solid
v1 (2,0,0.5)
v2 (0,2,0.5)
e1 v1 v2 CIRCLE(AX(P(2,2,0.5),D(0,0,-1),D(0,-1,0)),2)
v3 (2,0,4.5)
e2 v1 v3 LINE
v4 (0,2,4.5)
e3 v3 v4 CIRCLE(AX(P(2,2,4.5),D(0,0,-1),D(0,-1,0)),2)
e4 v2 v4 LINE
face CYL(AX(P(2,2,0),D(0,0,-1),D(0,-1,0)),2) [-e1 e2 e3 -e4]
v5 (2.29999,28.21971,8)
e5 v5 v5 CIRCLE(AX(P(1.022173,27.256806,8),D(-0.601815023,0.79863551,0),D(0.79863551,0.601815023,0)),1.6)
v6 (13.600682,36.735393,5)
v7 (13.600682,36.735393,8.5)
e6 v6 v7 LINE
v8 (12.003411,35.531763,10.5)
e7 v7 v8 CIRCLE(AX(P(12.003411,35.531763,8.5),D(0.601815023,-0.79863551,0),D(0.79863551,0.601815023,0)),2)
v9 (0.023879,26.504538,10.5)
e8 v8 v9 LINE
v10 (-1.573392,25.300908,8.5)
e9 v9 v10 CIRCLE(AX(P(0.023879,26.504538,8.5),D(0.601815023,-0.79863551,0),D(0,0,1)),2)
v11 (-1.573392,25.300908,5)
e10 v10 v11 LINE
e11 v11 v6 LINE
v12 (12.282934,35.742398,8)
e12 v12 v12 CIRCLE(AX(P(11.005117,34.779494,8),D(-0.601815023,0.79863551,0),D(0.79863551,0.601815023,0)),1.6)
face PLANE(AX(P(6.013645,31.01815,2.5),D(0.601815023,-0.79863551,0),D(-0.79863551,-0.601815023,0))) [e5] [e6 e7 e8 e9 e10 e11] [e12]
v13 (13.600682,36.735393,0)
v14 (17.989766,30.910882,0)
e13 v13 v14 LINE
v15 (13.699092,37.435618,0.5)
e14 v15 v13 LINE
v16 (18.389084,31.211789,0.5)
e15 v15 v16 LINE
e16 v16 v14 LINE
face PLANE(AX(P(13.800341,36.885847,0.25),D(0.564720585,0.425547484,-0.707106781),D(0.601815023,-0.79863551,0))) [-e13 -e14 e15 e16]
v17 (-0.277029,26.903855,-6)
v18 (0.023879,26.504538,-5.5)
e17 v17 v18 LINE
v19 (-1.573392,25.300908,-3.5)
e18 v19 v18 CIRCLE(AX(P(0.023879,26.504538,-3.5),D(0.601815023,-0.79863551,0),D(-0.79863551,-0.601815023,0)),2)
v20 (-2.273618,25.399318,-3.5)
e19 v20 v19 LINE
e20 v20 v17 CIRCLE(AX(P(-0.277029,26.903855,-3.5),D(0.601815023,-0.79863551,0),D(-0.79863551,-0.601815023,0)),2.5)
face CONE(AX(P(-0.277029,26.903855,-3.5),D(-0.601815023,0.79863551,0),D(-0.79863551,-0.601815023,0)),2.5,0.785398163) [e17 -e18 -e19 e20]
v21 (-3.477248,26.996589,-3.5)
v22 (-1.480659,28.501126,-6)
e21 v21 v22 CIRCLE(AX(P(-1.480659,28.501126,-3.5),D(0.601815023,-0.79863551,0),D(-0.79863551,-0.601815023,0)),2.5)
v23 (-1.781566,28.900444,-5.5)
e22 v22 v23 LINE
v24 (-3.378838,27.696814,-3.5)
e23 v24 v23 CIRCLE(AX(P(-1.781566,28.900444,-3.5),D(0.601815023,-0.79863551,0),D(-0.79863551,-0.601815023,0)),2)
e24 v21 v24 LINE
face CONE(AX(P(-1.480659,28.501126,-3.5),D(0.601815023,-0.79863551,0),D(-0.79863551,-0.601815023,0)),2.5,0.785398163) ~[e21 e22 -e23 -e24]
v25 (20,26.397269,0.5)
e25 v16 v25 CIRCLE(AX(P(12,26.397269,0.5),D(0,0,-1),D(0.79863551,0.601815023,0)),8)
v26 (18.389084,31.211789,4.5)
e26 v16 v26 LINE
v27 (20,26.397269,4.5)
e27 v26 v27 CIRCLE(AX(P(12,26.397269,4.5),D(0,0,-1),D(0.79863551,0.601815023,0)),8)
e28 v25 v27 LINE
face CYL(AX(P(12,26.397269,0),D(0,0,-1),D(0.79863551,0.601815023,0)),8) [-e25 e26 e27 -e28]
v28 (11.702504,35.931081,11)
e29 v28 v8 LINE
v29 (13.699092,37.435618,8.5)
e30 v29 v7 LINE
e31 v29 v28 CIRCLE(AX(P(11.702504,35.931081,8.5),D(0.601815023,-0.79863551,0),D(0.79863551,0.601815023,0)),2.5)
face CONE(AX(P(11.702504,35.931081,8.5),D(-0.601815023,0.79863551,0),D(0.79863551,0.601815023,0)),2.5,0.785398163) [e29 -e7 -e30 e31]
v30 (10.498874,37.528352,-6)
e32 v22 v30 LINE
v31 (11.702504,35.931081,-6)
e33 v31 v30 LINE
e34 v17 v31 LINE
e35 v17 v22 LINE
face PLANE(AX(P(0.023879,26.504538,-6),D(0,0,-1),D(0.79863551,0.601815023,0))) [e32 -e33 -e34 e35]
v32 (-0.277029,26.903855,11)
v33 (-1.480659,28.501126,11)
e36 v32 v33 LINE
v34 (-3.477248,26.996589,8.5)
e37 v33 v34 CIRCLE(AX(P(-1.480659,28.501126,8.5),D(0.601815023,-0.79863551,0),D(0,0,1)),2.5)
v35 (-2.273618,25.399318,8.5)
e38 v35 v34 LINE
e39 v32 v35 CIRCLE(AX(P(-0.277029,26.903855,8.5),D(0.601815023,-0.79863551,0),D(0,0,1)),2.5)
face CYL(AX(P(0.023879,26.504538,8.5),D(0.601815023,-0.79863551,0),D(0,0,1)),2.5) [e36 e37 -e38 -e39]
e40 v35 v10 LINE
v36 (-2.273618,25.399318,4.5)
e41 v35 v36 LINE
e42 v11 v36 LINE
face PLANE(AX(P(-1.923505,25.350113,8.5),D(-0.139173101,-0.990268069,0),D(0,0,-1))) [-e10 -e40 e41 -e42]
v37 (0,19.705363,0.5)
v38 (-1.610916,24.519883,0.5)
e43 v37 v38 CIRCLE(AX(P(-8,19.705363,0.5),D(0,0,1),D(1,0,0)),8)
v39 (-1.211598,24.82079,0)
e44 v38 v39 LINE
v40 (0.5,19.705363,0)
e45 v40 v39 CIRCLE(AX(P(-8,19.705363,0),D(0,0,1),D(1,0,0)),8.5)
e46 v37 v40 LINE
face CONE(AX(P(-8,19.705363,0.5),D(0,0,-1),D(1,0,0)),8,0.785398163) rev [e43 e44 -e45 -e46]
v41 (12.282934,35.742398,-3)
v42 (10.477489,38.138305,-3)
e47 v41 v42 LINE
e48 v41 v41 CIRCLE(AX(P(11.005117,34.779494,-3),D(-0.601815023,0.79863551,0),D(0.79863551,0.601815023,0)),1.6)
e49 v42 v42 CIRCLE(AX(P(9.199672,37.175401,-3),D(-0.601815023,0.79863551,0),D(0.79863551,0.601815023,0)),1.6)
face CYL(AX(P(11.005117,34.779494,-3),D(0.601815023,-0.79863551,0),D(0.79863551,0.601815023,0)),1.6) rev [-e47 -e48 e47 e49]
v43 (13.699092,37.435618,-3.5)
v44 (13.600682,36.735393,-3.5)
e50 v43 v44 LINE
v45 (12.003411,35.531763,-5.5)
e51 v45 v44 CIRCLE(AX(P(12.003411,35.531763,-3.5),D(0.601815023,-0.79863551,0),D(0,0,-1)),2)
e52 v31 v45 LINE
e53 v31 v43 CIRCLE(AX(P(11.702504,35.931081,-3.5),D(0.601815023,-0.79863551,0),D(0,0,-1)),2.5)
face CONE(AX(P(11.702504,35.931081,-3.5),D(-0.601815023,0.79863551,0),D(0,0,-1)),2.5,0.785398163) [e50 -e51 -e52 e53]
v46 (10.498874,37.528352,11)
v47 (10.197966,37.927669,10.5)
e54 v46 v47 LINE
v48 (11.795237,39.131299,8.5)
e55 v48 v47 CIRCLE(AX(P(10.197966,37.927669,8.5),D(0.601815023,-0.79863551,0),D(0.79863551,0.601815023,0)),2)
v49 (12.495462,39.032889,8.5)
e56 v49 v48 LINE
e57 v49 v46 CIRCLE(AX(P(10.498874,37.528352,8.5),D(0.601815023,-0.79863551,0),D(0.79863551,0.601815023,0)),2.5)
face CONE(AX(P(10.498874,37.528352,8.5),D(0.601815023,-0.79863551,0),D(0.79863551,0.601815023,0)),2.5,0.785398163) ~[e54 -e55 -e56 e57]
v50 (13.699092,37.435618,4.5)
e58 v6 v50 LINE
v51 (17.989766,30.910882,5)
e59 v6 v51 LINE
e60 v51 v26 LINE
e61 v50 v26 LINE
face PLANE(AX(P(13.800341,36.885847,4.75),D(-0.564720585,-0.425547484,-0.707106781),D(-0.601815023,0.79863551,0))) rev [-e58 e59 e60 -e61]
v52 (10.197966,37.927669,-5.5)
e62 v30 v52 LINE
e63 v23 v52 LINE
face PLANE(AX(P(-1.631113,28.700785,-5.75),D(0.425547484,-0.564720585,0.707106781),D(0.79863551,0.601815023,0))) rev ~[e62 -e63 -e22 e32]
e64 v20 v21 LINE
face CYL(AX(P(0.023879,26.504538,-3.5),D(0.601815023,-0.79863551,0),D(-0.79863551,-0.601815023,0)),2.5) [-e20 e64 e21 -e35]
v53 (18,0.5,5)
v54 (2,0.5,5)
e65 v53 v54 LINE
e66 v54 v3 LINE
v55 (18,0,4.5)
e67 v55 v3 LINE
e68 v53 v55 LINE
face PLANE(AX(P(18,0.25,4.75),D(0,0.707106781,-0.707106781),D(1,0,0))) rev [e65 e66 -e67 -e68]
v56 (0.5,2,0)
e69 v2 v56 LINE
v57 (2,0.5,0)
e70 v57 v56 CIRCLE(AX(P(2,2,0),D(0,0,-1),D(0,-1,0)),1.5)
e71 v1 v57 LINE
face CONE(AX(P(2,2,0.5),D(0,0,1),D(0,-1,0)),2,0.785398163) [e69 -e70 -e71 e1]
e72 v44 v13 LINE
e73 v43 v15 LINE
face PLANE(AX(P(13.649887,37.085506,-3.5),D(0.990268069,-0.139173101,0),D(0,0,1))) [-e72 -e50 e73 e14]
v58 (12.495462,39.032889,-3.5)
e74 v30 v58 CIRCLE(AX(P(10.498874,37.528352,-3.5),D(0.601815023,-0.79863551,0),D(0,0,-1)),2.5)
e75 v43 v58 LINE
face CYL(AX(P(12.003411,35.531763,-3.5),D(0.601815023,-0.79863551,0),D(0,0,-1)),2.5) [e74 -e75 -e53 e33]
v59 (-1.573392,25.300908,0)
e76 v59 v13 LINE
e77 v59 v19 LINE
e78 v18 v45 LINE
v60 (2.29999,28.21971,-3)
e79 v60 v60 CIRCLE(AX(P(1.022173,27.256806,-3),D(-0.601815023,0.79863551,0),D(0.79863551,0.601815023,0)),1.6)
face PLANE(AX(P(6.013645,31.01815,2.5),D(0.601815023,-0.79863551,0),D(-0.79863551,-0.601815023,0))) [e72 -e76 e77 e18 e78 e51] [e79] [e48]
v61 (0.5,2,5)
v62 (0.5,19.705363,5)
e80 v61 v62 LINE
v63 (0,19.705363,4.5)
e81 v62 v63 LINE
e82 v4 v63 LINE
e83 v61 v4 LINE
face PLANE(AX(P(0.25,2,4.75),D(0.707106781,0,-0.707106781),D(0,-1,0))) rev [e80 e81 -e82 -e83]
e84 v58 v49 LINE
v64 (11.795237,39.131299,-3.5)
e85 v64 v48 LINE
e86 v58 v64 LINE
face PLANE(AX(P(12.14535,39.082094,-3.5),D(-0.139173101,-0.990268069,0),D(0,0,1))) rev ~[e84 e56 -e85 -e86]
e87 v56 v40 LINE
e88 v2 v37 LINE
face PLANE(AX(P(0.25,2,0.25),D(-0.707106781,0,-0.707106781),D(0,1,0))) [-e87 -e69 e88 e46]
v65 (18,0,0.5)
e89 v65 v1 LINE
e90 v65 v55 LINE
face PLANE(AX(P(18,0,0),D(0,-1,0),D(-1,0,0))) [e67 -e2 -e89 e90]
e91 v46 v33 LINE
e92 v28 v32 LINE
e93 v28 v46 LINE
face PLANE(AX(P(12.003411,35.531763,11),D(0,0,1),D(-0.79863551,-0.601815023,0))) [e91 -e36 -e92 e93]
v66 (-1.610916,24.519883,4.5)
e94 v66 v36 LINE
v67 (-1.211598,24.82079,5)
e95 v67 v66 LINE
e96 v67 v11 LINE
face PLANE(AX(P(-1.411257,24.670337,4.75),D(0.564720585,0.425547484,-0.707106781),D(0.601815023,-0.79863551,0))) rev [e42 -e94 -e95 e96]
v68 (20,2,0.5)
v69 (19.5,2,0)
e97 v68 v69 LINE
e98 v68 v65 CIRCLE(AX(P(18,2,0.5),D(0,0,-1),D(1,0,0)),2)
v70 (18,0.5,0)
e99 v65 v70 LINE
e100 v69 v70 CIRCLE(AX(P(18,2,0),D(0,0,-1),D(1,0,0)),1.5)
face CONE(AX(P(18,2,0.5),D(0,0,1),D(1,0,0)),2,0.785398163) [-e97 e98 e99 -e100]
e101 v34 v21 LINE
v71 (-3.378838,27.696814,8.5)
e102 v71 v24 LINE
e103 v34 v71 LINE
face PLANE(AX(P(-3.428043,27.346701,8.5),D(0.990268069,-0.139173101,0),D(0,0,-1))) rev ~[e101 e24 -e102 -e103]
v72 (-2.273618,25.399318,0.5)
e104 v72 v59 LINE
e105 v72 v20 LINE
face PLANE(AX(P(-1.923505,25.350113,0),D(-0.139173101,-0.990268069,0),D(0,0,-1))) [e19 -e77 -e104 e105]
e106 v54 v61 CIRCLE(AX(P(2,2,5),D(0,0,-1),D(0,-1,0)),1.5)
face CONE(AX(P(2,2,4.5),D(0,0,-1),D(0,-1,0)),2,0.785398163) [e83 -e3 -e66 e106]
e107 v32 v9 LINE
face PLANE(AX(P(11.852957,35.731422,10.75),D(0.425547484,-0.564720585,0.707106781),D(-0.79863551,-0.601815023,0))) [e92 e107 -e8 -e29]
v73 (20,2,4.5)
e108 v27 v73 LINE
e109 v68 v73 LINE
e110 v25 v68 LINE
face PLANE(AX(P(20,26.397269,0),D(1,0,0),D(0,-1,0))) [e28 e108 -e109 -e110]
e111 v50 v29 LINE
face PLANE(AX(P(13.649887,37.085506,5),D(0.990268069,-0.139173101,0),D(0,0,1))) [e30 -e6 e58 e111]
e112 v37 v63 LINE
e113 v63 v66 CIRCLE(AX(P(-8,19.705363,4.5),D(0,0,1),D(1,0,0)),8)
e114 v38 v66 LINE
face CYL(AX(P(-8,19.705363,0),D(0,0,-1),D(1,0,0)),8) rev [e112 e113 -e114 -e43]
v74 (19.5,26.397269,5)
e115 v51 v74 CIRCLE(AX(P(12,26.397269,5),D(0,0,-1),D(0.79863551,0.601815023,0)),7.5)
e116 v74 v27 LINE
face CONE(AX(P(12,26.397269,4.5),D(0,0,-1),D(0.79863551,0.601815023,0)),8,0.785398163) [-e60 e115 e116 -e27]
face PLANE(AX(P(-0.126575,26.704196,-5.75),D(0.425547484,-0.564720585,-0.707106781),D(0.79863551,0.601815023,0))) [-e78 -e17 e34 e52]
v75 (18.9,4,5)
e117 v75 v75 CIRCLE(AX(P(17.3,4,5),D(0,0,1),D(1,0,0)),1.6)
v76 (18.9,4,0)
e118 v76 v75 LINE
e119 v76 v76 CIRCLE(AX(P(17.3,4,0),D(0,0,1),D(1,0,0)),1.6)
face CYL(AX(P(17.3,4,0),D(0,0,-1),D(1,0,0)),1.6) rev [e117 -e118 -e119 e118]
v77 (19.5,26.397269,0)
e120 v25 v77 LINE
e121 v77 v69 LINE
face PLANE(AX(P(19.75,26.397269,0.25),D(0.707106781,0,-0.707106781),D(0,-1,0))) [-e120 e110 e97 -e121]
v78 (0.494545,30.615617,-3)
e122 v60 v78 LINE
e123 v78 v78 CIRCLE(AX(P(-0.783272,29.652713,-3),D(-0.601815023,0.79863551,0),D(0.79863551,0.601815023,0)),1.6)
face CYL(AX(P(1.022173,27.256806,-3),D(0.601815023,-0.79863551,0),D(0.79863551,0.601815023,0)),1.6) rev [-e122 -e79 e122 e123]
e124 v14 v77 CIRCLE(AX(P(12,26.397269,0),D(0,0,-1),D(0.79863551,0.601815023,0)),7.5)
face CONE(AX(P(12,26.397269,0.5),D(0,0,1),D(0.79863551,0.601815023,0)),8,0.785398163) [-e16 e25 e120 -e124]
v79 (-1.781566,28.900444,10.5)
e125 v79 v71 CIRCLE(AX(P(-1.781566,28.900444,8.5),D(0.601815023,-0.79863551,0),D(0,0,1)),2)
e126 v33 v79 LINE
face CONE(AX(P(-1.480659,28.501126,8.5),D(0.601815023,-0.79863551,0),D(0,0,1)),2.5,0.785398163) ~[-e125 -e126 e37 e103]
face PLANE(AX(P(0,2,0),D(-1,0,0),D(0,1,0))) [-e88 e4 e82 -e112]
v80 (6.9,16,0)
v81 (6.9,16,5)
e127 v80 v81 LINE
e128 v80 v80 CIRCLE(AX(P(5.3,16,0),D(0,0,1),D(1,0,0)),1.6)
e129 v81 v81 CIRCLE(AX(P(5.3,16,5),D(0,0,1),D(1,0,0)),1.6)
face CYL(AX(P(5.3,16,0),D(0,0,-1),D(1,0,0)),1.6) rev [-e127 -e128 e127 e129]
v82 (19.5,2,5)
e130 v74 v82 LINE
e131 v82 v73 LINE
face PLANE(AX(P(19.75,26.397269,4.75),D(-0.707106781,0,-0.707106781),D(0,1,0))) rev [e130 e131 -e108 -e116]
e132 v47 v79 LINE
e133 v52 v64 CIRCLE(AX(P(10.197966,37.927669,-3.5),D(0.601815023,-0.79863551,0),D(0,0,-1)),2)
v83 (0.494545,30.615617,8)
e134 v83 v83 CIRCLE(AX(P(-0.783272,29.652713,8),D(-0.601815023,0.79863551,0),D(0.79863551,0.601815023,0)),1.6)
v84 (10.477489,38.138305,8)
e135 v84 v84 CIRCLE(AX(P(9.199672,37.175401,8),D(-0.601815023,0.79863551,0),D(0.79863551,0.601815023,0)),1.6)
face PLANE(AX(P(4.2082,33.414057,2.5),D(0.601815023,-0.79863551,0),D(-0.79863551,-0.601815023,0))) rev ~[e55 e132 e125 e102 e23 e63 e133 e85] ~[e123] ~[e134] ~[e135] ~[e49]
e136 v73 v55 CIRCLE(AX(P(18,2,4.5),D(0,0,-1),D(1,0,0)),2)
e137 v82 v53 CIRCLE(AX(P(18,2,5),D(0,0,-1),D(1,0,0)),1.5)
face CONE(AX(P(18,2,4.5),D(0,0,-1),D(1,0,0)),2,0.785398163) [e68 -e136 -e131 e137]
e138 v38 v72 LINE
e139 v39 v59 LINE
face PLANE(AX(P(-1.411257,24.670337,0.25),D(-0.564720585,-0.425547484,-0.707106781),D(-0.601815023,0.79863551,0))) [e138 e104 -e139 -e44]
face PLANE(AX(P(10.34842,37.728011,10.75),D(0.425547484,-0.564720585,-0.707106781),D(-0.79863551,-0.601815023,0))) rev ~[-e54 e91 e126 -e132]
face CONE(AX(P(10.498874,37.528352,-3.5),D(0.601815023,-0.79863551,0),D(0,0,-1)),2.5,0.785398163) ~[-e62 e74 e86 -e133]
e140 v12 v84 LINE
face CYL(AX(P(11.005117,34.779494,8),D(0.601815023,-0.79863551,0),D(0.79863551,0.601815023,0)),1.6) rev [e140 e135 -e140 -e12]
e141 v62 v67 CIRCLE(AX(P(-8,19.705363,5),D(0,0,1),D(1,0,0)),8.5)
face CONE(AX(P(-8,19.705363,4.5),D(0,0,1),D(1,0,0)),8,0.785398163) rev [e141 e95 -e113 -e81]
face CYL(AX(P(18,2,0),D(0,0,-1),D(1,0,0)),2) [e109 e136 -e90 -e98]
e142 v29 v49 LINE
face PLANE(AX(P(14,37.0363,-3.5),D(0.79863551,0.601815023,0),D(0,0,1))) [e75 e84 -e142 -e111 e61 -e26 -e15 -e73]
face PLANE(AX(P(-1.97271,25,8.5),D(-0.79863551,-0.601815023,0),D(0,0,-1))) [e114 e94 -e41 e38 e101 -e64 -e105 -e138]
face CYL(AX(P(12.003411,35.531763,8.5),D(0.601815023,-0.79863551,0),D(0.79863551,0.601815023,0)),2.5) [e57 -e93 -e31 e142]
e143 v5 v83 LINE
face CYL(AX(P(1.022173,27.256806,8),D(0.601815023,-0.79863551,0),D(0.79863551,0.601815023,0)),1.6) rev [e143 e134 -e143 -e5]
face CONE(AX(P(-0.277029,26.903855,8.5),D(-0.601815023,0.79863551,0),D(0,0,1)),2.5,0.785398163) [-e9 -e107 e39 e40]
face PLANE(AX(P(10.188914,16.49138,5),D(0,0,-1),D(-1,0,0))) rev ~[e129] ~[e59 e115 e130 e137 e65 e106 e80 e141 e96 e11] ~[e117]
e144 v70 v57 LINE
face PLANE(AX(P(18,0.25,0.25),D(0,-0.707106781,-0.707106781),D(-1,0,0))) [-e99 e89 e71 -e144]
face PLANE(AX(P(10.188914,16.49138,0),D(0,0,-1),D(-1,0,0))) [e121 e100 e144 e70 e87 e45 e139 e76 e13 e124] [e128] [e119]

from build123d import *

# Parameters (mm, degrees)
SKETCH_1_R      = 1.6
SKETCH_1_R_2    = 1.6000000000000019
EXTRUDE_1_DEPTH = 5
SKETCH_2_R      = 1.6000000000000016
SKETCH_2_R_2    = 1.6000000000000125
SKETCH_2_R_3    = 1.6000000000000019
EXTRUDE_2_DEPTH = 3
CHAMFER_1_SIZE  = 0.5


with BuildPart() as part:
    # 草图1 → 凸台-拉伸1 (new body)
    with BuildSketch(Plane.XY):
        with BuildLine():
            Line((0, 2.000000000000014), (0, 19.705362587260357))
            ThreePointArc((0, 19.705362587260357), (-0.4134107583503983, 22.243799838501072), (-1.610915919621628, 24.519882772476706))
            Line((-1.610915919621628, 24.519882772476706), (-1.9727102009459283, 25))
            Line((-1.9727102009459283, 25), (13.999999999999998, 37.036300463040874))
            Line((13.999999999999998, 37.036300463040874), (18.389084080378368, 31.211789162518105))
            ThreePointArc((18.389084080378368, 31.211789162518105), (19.586589241649598, 28.93570622854247), (19.999999999999993, 26.397268977301756))
            Line((19.999999999999993, 26.397268977301756), (20, 2.0000000000000147))
            ThreePointArc((20, 2.0000000000000147), (19.414213562373096, 0.5857864376269051), (17.999999999999986, 0))
            Line((17.999999999999986, 0), (2.000000000000014, 0))
            ThreePointArc((2.000000000000014, 0), (0.5857864376269044, 0.5857864376269049), (0, 2.000000000000014))
        make_face()
        with Locations((5.299999999999996, 16)):
            Circle(SKETCH_1_R, mode=Mode.SUBTRACT)
        with Locations((17.3, 3.999999999999999)):
            Circle(SKETCH_1_R_2, mode=Mode.SUBTRACT)
    extrude(amount=EXTRUDE_1_DEPTH)

    # 草图2 → 凸台-拉伸2 (add)
    with BuildSketch(Plane(origin=(-12.730249987910918, 16.89361232439068, 0), x_dir=(0.7986355100472964, 0.6018150231520436, 0), z_dir=(-0.6018150231520436, 0.7986355100472964, 0))):
        with BuildLine():
            Line((30.96989916129314, -11.000000000000002), (15.969899161293144, -11.000000000000002))
            ThreePointArc((15.969899161293144, -11.000000000000002), (14.202132208326773, -10.267766952966369), (13.469899161293144, -8.499999999999998))
            Line((13.469899161293144, -8.499999999999998), (13.469899161293144, 3.500000000000003))
            ThreePointArc((13.469899161293144, 3.500000000000003), (14.202132208326775, 5.267766952966372), (15.969899161293144, 6.000000000000004))
            Line((15.969899161293144, 6.000000000000004), (30.96989916129314, 6.000000000000004))
            ThreePointArc((30.96989916129314, 6.000000000000004), (32.737666114259504, 5.26776695296637), (33.469899161293135, 3.5000000000000036))
            Line((33.469899161293135, 3.5000000000000036), (33.469899161293135, -8.499999999999998))
            ThreePointArc((33.469899161293135, -8.499999999999998), (32.73766611425951, -10.267766952966369), (30.96989916129314, -11.000000000000002))
        make_face()
        with Locations((17.21989916129313, 3.0000000000000004)):
            Circle(SKETCH_2_R, mode=Mode.SUBTRACT)
        with Locations((29.71989916129313, 3.0000000000000018)):
            Circle(SKETCH_2_R_2, mode=Mode.SUBTRACT)
        with Locations((29.71989916129313, -7.999999999999998)):
            Circle(SKETCH_2_R_2, mode=Mode.SUBTRACT)
        with Locations((17.21989916129313, -8)):
            Circle(SKETCH_2_R_3, mode=Mode.SUBTRACT)
    extrude(amount=EXTRUDE_2_DEPTH)

    # 倒角1
    chamfer_1_edges = [part.edges().sort_by_distance(p)[0] for p in [
        (-0.4134107583503974, 22.243799838501072, 5),
        (19.999999999999996, 14.198634488650885, 0),
        (19.414213562373096, 0.5857864376269046, 0),
        (10, 0, 0),
        (0.5857864376269049, 0.5857864376269046, 0),
        (0, 10.852681293630186, 0),
        (-0.4134107583503974, 22.243799838501072, 0),
        (-1.7918130602837783, 24.759941386238353, 0),
        (0, 10.852681293630186, 5),
        (0.5857864376269049, 0.5857864376269046, 5),
        (10, 0, 5),
        (19.414213562373096, 0.5857864376269046, 5),
        (19.999999999999996, 14.198634488650885, 5),
        (19.586589241649598, 28.93570622854247, 5),
        (16.194542040189184, 34.12404481277949, 5),
        (-3.19336795741086, 27.83657537829513, 10.267766952966369),
        (4.208199830070912, 33.41405676166233, 11.000000000000002),
        (11.609767617552686, 38.99153814502953, 10.26776695296637),
        (12.194554930543871, 39.43220699318276, 2.4999999999999973),
        (11.609767617552682, 38.99153814502952, -5.26776695296637),
        (4.208199830070912, 33.41405676166233, -6.000000000000004),
        (-3.1933679574108584, 27.83657537829513, -5.267766952966372),
        (-3.778155270402049, 27.395906530141897, 2.4999999999999973),
        (-1.3879228879547298, 25.440668848153244, 10.267766952966369),
        (6.013644899527042, 31.018150231520444, 11.000000000000002),
        (13.415212687008816, 36.59563161488764, 10.26776695296637),
        (14.000000000000002, 37.036300463040874, 6.75),
        (14.000000000000002, 37.036300463040874, -1.7500000000000018),
        (13.415212687008813, 36.59563161488764, -5.26776695296637),
        (6.013644899527042, 31.018150231520444, -6.000000000000004),
        (-1.387922887954728, 25.440668848153244, -5.267766952966372),
        (-1.9727102009459188, 25.000000000000007, -1.7500000000000018),
        (-1.9727102009459188, 25.000000000000007, 6.749999999999999),
        (-1.7918130602837783, 24.759941386238353, 5),
        (16.194542040189184, 34.12404481277949, 0),
        (19.586589241649598, 28.93570622854247, 0),
    ]]
    chamfer(chamfer_1_edges, length=CHAMFER_1_SIZE)


solid = part.part
